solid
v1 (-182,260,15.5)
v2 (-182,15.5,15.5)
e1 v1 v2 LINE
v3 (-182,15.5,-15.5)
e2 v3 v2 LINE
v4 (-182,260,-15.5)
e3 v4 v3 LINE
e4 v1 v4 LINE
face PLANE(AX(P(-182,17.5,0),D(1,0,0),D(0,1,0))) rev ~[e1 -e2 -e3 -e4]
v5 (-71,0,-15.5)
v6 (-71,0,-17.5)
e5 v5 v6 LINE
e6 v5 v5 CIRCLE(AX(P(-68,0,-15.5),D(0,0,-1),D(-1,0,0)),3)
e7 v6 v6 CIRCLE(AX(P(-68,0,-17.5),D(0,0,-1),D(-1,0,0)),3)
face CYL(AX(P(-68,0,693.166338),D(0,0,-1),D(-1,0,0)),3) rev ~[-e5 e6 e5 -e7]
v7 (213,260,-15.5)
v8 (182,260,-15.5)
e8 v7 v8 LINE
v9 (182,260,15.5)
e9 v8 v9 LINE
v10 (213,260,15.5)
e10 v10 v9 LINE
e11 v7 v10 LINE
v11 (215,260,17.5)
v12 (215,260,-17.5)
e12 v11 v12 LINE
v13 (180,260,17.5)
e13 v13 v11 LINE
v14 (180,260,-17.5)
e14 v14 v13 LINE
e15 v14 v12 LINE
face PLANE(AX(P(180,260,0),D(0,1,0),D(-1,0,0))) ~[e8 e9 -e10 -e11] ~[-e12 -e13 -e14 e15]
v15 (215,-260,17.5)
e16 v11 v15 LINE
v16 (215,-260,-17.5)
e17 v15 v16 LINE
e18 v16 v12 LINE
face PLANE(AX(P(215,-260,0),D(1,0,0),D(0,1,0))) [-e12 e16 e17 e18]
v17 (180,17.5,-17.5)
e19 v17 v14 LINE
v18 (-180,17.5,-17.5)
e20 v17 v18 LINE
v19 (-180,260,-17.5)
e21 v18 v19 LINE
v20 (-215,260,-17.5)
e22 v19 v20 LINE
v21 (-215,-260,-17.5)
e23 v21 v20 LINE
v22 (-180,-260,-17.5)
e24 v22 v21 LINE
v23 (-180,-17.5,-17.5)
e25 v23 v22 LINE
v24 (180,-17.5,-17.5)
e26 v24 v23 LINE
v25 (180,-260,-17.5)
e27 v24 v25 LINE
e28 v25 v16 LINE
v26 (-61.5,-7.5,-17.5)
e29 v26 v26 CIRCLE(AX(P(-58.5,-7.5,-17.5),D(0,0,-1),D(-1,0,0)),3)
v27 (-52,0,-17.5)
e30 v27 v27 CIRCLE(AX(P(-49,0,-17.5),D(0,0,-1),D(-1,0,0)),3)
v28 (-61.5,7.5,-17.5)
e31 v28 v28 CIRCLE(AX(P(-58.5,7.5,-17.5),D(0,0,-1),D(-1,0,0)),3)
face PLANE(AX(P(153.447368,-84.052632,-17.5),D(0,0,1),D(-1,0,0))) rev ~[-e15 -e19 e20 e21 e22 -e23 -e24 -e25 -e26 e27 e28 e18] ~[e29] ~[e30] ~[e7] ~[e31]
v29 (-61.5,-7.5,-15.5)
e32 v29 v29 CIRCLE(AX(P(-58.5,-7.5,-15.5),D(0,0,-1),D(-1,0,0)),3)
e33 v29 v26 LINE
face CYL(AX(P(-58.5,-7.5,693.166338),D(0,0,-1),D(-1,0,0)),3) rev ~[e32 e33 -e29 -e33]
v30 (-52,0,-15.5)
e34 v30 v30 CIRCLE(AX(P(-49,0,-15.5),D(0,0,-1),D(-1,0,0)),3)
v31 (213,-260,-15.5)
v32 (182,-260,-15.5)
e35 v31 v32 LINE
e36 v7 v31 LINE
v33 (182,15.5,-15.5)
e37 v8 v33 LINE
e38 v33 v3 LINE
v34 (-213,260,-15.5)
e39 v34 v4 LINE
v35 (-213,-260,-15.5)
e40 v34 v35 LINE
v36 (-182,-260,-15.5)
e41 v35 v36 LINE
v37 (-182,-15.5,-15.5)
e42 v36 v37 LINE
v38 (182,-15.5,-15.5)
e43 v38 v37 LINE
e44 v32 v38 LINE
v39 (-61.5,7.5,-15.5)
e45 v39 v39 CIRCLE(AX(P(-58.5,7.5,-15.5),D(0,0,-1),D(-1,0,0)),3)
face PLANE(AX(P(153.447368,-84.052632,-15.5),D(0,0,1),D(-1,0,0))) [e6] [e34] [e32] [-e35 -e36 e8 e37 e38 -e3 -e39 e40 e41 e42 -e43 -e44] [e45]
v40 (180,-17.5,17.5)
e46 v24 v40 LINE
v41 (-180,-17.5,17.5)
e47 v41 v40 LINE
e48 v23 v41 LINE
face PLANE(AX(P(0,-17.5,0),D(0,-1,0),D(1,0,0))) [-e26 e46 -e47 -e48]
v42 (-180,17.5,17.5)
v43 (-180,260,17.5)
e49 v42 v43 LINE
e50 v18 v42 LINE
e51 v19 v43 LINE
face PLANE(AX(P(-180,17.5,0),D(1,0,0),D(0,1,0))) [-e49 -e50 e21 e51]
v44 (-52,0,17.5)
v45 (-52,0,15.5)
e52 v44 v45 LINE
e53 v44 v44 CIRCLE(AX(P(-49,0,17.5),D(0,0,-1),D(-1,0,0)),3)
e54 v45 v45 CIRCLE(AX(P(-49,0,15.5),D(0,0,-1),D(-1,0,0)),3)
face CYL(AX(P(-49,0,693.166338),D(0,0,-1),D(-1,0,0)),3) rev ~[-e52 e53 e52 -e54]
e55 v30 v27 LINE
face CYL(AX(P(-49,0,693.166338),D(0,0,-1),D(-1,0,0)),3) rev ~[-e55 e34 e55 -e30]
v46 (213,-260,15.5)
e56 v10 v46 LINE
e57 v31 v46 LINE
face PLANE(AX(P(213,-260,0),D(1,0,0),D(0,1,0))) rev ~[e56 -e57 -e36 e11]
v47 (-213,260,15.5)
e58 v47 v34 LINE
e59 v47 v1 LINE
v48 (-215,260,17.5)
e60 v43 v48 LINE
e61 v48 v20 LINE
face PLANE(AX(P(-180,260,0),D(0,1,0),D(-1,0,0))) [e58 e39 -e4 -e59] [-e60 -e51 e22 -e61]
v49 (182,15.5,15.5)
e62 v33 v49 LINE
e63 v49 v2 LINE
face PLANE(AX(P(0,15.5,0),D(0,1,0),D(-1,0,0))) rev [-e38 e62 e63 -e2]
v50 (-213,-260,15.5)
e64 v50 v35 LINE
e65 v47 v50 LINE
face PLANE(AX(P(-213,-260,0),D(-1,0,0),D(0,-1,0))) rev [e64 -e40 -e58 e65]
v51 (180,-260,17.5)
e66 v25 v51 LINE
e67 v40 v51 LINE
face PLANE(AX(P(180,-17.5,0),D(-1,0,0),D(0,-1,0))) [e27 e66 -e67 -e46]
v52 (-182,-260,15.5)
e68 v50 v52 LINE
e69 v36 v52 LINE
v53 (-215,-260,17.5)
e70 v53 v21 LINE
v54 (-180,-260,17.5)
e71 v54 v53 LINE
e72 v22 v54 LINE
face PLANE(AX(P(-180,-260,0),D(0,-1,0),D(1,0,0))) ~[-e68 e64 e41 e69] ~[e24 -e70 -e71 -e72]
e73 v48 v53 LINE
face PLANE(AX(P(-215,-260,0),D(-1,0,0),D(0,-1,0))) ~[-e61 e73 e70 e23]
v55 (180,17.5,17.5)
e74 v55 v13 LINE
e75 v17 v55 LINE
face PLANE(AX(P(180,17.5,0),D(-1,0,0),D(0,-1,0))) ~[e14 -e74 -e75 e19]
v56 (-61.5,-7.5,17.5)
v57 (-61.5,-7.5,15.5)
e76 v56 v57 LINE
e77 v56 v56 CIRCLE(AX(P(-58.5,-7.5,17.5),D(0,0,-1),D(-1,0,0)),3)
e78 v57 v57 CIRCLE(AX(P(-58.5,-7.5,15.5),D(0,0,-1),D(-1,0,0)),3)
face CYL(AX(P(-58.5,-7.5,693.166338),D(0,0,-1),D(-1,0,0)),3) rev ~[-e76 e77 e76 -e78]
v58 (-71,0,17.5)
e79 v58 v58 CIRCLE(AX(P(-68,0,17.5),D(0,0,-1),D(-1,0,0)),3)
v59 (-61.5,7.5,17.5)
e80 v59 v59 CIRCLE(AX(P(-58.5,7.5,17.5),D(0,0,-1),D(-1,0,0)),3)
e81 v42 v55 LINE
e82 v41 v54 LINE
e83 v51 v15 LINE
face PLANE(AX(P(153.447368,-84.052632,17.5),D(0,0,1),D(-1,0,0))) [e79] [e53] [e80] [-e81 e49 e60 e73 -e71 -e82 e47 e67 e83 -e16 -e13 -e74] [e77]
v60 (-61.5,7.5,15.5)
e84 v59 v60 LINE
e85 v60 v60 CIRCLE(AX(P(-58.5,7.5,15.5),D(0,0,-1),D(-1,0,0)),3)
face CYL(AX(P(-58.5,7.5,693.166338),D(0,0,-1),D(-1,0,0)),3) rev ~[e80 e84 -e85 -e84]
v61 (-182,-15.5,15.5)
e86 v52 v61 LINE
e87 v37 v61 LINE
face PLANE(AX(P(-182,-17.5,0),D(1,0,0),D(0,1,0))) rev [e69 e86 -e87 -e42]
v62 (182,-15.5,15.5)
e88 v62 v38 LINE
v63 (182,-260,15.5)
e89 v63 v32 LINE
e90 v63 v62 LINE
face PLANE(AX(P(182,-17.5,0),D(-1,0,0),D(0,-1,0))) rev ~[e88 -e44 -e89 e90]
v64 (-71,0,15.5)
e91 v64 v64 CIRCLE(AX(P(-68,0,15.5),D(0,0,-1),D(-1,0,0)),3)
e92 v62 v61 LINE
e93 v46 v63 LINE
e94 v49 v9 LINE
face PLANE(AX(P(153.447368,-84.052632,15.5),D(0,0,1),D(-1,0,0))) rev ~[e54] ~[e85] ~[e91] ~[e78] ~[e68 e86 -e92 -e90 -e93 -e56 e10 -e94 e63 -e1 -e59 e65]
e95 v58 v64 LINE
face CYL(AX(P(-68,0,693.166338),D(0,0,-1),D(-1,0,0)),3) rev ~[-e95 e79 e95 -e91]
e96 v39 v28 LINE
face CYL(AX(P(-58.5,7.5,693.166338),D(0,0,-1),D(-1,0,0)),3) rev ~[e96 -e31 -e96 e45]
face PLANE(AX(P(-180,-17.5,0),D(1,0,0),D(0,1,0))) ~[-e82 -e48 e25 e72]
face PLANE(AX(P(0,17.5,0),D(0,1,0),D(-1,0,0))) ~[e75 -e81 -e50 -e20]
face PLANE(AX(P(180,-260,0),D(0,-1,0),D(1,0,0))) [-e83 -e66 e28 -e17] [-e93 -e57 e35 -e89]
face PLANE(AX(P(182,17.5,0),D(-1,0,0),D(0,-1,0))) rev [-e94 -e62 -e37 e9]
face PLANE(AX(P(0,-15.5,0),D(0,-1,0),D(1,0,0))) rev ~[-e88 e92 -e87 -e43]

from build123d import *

# Parameters (mm, degrees)
F1_DEPTH = 17.5
F4_T     = -2
F6_D     = 6


with BuildPart() as f1:
    # F0 (on Top) → F1 (new body, symmetric)
    with BuildSketch(Plane.XY):
        Polygon((0, 0), (0, 17.5), (-180, 17.5), (-180, 260), (-215, 260), (-215, 0), align=None)
    extrude(amount=F1_DEPTH, both=True)

    # F2: F1 across plane


with BuildPart() as f1_1:
    add(f1.part)
    add(f1.part.mirror(Plane.XZ))

    # F3: F1 across plane


with BuildPart() as f1_2:
    add(f1_1.part)
    add(f1_1.part.mirror(Plane.YZ))

    # F4
    f4_openings = [f1_2.faces().sort_by_distance(p)[0] for p in [
        (-197.5, -260, 0),
        (197.5, -260, 0),
        (197.5, 260, 0),
        (-197.5, 260, 0),
    ]]
    offset(amount=F4_T, openings=f4_openings, kind=Kind.INTERSECTION)

    # F6 (through all)
    with Locations(Plane.XY.offset(17.5)):
        with Locations((-68, 0), (-58.5, 7.5), (-49, 0), (-58.5, -7.5)):
            Hole(F6_D / 2)


solid = f1_2.part
